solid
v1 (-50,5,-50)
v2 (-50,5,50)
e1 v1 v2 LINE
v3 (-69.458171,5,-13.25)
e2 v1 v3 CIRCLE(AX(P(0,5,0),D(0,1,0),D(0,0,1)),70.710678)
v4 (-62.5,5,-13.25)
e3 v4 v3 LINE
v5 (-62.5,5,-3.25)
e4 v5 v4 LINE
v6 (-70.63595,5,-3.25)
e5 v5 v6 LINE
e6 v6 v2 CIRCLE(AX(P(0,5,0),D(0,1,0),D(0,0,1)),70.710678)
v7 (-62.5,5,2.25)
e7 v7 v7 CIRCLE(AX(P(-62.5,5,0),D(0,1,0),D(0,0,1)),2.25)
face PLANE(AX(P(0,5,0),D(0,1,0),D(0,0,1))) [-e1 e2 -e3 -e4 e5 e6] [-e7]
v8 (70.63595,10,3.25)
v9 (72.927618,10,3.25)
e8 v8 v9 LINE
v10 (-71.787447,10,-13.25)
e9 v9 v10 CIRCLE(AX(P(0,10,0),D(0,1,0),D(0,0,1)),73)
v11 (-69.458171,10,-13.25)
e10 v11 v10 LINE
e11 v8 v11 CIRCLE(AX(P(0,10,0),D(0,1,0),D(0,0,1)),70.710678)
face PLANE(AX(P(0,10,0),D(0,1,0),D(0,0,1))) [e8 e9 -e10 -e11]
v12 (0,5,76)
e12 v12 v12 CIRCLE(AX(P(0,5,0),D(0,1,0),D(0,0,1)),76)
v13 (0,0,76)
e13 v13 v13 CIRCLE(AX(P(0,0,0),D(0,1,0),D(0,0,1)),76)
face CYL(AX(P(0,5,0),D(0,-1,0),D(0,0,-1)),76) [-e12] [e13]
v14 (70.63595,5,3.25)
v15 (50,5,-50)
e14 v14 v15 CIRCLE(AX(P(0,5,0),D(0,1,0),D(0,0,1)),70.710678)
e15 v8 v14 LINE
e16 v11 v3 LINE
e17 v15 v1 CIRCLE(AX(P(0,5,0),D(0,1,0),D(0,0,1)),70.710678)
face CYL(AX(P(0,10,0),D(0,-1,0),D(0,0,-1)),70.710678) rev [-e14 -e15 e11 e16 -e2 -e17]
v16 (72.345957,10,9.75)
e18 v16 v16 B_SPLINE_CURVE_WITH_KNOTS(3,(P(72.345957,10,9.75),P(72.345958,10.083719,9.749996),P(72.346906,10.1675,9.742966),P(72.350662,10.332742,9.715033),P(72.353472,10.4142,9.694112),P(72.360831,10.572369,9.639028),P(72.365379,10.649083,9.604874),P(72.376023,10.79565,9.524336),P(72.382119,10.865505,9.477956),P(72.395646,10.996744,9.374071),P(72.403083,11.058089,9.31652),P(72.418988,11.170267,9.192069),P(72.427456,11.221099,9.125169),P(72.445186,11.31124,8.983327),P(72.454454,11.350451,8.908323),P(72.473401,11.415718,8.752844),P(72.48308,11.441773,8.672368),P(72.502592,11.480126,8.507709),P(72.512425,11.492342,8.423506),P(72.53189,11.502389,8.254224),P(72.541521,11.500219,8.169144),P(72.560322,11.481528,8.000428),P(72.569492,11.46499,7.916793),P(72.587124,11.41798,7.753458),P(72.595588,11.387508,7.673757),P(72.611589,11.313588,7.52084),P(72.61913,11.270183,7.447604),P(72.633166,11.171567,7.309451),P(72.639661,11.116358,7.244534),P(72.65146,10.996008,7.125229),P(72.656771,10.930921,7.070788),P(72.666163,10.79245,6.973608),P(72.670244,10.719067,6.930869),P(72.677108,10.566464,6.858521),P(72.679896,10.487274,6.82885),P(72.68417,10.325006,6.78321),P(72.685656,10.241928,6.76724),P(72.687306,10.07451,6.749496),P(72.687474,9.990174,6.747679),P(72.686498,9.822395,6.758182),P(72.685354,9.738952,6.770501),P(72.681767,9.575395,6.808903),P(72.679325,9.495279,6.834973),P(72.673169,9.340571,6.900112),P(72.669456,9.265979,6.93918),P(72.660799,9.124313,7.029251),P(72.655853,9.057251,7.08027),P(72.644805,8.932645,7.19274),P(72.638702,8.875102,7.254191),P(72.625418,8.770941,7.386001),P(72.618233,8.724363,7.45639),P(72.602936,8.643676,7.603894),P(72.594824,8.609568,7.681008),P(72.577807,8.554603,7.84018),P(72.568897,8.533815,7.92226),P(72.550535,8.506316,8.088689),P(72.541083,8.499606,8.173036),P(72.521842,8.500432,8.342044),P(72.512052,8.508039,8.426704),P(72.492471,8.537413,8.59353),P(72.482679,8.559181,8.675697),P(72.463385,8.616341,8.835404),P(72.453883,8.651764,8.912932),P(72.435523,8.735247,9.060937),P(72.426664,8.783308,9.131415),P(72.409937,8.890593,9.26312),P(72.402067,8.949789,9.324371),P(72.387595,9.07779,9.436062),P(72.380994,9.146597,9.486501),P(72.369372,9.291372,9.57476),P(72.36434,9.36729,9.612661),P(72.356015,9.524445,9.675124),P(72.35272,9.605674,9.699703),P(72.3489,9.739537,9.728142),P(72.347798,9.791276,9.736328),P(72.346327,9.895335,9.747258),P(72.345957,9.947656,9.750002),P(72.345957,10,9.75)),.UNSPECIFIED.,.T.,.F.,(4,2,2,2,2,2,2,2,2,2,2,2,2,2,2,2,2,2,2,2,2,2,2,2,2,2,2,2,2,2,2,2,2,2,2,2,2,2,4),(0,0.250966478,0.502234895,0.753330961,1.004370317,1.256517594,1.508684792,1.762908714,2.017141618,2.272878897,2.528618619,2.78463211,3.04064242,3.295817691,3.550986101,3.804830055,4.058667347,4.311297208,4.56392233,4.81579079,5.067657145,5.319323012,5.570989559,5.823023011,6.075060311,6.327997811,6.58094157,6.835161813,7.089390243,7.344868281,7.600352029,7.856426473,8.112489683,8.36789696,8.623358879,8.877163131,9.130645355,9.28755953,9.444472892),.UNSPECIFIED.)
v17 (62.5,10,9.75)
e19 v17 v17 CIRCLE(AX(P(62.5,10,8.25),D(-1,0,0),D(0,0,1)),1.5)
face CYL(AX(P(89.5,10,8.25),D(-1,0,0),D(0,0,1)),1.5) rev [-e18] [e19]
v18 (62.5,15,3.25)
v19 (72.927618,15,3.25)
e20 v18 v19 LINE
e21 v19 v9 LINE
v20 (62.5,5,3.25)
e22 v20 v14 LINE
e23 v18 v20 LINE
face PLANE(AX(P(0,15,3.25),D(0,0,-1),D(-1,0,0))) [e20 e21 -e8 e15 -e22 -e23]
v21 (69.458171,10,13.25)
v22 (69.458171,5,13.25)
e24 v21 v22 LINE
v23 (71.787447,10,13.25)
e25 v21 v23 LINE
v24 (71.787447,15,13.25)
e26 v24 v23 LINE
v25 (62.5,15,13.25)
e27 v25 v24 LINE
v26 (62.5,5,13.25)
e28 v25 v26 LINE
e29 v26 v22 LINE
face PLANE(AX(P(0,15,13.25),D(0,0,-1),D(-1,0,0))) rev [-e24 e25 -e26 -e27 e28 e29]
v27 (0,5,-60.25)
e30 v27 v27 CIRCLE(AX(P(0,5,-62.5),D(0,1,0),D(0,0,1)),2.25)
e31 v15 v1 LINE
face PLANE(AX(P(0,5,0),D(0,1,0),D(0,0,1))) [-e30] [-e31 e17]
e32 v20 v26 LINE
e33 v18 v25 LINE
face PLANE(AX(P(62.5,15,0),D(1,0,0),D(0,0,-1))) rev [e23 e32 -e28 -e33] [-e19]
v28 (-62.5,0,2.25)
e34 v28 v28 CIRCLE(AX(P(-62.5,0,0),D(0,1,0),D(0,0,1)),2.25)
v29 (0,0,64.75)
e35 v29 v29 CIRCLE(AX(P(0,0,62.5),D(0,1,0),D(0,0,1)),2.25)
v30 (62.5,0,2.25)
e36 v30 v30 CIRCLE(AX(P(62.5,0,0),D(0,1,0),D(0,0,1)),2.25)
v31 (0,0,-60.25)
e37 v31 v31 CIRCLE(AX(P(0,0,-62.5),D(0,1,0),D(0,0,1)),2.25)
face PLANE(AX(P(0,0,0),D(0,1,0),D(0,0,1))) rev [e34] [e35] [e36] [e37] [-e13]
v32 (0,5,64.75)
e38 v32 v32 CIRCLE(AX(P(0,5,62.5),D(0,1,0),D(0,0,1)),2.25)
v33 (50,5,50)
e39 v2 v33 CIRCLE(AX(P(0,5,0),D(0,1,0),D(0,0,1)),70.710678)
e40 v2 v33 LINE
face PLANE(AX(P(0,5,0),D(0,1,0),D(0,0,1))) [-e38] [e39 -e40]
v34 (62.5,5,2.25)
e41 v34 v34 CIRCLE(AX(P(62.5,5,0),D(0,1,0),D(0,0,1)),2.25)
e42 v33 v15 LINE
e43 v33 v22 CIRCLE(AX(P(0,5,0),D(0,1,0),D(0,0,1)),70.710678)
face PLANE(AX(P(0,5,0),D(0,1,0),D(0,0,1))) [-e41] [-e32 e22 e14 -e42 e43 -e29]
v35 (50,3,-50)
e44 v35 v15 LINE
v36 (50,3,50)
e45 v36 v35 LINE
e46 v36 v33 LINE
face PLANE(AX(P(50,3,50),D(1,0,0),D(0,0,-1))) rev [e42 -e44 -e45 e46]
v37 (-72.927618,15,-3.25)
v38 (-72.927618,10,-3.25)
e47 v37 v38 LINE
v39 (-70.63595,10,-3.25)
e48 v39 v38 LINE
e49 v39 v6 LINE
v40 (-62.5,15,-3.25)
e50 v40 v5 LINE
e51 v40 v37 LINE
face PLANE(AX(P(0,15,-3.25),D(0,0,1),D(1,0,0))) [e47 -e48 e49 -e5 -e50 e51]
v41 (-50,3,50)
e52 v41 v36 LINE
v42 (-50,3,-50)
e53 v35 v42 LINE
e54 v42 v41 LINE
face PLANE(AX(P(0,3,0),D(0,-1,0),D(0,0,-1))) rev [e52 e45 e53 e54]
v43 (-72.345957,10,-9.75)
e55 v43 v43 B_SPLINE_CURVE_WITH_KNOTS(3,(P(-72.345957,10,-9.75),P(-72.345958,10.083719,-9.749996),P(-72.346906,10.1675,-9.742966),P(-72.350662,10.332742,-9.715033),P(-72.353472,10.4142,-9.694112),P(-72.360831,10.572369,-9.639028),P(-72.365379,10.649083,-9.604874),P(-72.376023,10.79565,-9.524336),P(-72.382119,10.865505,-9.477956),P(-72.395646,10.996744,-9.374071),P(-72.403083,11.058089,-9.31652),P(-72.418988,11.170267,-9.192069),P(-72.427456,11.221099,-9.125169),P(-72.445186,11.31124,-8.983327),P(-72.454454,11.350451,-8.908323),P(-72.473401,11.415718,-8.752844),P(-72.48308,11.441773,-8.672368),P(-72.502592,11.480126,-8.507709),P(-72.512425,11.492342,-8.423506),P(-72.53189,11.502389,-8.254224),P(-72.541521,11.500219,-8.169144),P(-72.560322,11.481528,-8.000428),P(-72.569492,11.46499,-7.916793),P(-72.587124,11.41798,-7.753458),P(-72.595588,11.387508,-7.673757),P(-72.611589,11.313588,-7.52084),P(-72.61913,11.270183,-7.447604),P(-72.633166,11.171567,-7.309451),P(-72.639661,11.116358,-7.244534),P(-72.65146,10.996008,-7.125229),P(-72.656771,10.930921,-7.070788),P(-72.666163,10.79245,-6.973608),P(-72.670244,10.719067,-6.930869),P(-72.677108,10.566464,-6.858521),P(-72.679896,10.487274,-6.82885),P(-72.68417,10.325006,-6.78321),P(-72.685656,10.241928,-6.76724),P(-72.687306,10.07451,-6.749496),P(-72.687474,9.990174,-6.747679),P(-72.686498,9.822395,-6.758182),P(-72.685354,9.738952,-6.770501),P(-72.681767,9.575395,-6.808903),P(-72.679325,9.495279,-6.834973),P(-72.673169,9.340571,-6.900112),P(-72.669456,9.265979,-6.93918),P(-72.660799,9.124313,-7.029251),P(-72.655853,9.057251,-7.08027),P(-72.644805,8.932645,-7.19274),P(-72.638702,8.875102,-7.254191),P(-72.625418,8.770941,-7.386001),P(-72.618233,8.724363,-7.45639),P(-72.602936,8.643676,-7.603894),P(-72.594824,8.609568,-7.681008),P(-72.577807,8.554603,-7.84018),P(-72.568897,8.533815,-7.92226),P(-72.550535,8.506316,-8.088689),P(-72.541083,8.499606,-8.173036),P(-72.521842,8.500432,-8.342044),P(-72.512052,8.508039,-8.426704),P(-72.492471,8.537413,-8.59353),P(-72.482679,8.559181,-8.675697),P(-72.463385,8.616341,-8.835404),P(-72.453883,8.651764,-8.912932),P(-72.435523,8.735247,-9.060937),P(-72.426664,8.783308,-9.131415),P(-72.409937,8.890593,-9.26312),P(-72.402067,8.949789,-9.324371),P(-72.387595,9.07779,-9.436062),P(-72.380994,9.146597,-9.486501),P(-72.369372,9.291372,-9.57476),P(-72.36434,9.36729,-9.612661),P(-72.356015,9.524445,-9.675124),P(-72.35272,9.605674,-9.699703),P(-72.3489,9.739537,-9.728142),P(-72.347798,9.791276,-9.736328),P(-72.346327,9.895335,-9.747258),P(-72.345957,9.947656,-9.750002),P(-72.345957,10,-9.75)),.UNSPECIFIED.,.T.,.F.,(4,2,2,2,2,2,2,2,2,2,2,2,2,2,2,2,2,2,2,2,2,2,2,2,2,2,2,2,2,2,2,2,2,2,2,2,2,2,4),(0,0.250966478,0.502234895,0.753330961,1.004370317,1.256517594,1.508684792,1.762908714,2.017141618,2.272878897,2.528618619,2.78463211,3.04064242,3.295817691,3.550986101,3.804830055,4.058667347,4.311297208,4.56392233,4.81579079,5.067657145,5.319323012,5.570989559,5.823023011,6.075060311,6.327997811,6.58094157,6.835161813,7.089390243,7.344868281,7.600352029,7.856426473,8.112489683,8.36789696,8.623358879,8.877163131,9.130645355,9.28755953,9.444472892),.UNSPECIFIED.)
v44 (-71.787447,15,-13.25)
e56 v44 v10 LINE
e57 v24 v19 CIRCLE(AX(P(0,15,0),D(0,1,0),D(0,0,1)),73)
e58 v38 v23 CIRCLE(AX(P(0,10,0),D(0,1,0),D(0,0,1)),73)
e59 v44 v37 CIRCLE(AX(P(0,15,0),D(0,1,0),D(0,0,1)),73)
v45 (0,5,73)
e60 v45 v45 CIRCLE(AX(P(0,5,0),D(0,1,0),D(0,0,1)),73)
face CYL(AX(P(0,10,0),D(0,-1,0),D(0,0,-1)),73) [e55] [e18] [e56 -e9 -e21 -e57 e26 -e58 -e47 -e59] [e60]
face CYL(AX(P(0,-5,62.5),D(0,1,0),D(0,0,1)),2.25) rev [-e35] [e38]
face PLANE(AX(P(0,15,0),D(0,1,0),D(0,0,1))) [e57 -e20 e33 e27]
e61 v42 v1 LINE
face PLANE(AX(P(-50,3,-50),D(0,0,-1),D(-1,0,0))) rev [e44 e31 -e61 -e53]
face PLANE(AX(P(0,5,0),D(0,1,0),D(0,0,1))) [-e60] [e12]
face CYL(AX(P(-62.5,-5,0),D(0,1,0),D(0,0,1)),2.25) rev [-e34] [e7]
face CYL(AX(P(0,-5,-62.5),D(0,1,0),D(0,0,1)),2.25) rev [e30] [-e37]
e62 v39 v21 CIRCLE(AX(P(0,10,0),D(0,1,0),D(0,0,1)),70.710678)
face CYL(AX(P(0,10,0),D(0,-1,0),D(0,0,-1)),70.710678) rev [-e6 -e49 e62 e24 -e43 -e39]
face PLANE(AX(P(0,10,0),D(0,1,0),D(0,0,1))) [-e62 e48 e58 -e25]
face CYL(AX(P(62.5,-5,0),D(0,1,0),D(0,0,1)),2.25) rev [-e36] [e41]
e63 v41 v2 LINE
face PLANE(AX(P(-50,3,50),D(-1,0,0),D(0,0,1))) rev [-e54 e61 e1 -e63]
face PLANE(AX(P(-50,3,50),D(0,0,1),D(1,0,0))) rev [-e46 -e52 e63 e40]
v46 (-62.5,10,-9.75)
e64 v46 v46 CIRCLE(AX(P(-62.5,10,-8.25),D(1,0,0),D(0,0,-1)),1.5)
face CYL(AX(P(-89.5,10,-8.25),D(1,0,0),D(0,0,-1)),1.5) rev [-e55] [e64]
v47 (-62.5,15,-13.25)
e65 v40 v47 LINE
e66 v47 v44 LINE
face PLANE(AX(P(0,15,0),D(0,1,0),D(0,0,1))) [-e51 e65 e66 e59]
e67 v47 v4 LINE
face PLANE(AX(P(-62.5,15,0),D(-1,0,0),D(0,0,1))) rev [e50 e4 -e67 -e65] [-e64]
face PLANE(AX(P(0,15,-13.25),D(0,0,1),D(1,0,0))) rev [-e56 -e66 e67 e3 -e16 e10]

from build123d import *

# Parameters (mm, degrees)
SKETCH1_R           = 76
SKETCH1_W           = 100
SKETCH1_H           = 100
BOSS_EXTRUDE1_DEPTH = 5
SKETCH3_W           = 100
SKETCH3_H           = 100
BOSS_EXTRUDE2_DEPTH = 5
SKETCH3_2_W         = 100
SKETCH3_2_H         = 100
CUT_EXTRUDE1_DEPTH  = 2
SKETCH6_R           = 2.25
CUT_EXTRUDE2_DEPTH  = 10
SKETCH8_R           = 73
SKETCH8_R_2         = 70.710678119
BOSS_EXTRUDE3_DEPTH = 5
BOSS_EXTRUDE4_DEPTH = 10
BOSS_EXTRUDE5_DEPTH = 5
BOSS_EXTRUDE7_DEPTH = 10
BOSS_EXTRUDE8_DEPTH = 5
SKETCH17_R          = 1.5
CUT_EXTRUDE3_DEPTH  = 27
SKETCH18_R          = 1.5
CUT_EXTRUDE4_DEPTH  = 27


with BuildPart() as part:
    # Sketch1 → Boss-Extrude1 (new body)
    with BuildSketch(Plane(origin=(0, 0, 0), x_dir=(1, 0, 0), z_dir=(0, 1, 0))):
        Circle(SKETCH1_R)
        Rectangle(SKETCH1_W, SKETCH1_H, mode=Mode.SUBTRACT)
    extrude(amount=BOSS_EXTRUDE1_DEPTH)

    # Sketch3 → Boss-Extrude2 (add)
    with BuildSketch(Plane(origin=(0, 5, 0), x_dir=(1, 0, 0), z_dir=(0, 1, 0))):
        Rectangle(SKETCH3_W, SKETCH3_H)
    extrude(amount=-BOSS_EXTRUDE2_DEPTH)

    # Sketch3<2> → Cut-Extrude1 (cut)
    with BuildSketch(Plane(origin=(0, 5, 0), x_dir=(1, 0, 0), z_dir=(0, 1, 0))):
        Rectangle(SKETCH3_2_W, SKETCH3_2_H)
    extrude(amount=-CUT_EXTRUDE1_DEPTH, mode=Mode.SUBTRACT)

    # Sketch6 → Cut-Extrude2 (cut)
    with BuildSketch(Plane(origin=(0, 5, 0), x_dir=(1, 0, 0), z_dir=(0, 1, 0))):
        with Locations((0, 62.5)):
            Circle(SKETCH6_R)
        with Locations((62.5, 0)):
            Circle(SKETCH6_R)
        with Locations((0, -62.5)):
            Circle(SKETCH6_R)
        with Locations((-62.5, 0)):
            Circle(SKETCH6_R)
    extrude(amount=-CUT_EXTRUDE2_DEPTH, mode=Mode.SUBTRACT)

    # Sketch8 → Boss-Extrude3 (add)
    with BuildSketch(Plane(origin=(0, 5, 0), x_dir=(1, 0, 0), z_dir=(0, 1, 0))):
        Circle(SKETCH8_R)
        Circle(SKETCH8_R_2, mode=Mode.SUBTRACT)
    extrude(amount=BOSS_EXTRUDE3_DEPTH)

    # Sketch11 → Boss-Extrude4 (add)
    with BuildSketch(Plane(origin=(0, 5, 0), x_dir=(1, 0, 0), z_dir=(0, 1, 0))):
        with BuildLine():
            Line((70.635950478, -3.25), (62.5, -3.25))
            Line((62.5, -3.25), (62.5, -13.25))
            Line((62.5, -13.25), (69.458170866, -13.25))
            ThreePointArc((69.458170866, -13.25), (70.225285395, -8.270990945), (70.635950478, -3.25))
        make_face()
    extrude(amount=BOSS_EXTRUDE4_DEPTH)

    # Sketch12 → Boss-Extrude5 (add)
    with BuildSketch(Plane(origin=(0, 10, 0), x_dir=(1, 0, 0), z_dir=(0, 1, 0))):
        with BuildLine():
            Line((72.927618225, -3.25), (70.635950478, -3.25))
            ThreePointArc((70.635950478, -3.25), (70.225285395, -8.270990945), (69.458170866, -13.25))
            Line((69.458170866, -13.25), (71.787446674, -13.25))
            ThreePointArc((71.787446674, -13.25), (72.530079982, -8.269673379), (72.927618225, -3.25))
        make_face()
    extrude(amount=BOSS_EXTRUDE5_DEPTH)

    # Sketch13 → Boss-Extrude7 (add)
    with BuildSketch(Plane(origin=(0, 5, 0), x_dir=(1, 0, 0), z_dir=(0, 1, 0))):
        with BuildLine():
            Line((-70.635950478, 3.25), (-62.5, 3.25))
            Line((-62.5, 3.25), (-62.5, 13.25))
            Line((-62.5, 13.25), (-69.458170866, 13.25))
            ThreePointArc((-69.458170866, 13.25), (-70.225285395, 8.270990945), (-70.635950478, 3.25))
        make_face()
    extrude(amount=BOSS_EXTRUDE7_DEPTH)

    # Sketch14 → Boss-Extrude8 (add)
    with BuildSketch(Plane(origin=(0, 10, 0), x_dir=(1, 0, 0), z_dir=(0, 1, 0))):
        with BuildLine():
            Line((-69.458170866, 13.25), (-71.787446674, 13.25))
            ThreePointArc((-71.787446674, 13.25), (-72.530079982, 8.269673379), (-72.927618225, 3.25))
            Line((-72.927618225, 3.25), (-70.635950478, 3.25))
            ThreePointArc((-70.635950478, 3.25), (-70.225285395, 8.270990945), (-69.458170866, 13.25))
        make_face()
    extrude(amount=BOSS_EXTRUDE8_DEPTH)

    # Sketch17 → Cut-Extrude3 (cut)
    with BuildSketch(Plane(origin=(-62.5, 0, 0), x_dir=(0, 0, -1), z_dir=(1, 0, 0))):
        with Locations((8.25, 10)):
            Circle(SKETCH17_R)
    extrude(amount=-CUT_EXTRUDE3_DEPTH, mode=Mode.SUBTRACT)

    # Sketch18 → Cut-Extrude4 (cut)
    with BuildSketch(Plane.ZY.offset(-62.5)):
        with Locations((8.25, 10)):
            Circle(SKETCH18_R)
    extrude(amount=-CUT_EXTRUDE4_DEPTH, mode=Mode.SUBTRACT)


solid = part.part
